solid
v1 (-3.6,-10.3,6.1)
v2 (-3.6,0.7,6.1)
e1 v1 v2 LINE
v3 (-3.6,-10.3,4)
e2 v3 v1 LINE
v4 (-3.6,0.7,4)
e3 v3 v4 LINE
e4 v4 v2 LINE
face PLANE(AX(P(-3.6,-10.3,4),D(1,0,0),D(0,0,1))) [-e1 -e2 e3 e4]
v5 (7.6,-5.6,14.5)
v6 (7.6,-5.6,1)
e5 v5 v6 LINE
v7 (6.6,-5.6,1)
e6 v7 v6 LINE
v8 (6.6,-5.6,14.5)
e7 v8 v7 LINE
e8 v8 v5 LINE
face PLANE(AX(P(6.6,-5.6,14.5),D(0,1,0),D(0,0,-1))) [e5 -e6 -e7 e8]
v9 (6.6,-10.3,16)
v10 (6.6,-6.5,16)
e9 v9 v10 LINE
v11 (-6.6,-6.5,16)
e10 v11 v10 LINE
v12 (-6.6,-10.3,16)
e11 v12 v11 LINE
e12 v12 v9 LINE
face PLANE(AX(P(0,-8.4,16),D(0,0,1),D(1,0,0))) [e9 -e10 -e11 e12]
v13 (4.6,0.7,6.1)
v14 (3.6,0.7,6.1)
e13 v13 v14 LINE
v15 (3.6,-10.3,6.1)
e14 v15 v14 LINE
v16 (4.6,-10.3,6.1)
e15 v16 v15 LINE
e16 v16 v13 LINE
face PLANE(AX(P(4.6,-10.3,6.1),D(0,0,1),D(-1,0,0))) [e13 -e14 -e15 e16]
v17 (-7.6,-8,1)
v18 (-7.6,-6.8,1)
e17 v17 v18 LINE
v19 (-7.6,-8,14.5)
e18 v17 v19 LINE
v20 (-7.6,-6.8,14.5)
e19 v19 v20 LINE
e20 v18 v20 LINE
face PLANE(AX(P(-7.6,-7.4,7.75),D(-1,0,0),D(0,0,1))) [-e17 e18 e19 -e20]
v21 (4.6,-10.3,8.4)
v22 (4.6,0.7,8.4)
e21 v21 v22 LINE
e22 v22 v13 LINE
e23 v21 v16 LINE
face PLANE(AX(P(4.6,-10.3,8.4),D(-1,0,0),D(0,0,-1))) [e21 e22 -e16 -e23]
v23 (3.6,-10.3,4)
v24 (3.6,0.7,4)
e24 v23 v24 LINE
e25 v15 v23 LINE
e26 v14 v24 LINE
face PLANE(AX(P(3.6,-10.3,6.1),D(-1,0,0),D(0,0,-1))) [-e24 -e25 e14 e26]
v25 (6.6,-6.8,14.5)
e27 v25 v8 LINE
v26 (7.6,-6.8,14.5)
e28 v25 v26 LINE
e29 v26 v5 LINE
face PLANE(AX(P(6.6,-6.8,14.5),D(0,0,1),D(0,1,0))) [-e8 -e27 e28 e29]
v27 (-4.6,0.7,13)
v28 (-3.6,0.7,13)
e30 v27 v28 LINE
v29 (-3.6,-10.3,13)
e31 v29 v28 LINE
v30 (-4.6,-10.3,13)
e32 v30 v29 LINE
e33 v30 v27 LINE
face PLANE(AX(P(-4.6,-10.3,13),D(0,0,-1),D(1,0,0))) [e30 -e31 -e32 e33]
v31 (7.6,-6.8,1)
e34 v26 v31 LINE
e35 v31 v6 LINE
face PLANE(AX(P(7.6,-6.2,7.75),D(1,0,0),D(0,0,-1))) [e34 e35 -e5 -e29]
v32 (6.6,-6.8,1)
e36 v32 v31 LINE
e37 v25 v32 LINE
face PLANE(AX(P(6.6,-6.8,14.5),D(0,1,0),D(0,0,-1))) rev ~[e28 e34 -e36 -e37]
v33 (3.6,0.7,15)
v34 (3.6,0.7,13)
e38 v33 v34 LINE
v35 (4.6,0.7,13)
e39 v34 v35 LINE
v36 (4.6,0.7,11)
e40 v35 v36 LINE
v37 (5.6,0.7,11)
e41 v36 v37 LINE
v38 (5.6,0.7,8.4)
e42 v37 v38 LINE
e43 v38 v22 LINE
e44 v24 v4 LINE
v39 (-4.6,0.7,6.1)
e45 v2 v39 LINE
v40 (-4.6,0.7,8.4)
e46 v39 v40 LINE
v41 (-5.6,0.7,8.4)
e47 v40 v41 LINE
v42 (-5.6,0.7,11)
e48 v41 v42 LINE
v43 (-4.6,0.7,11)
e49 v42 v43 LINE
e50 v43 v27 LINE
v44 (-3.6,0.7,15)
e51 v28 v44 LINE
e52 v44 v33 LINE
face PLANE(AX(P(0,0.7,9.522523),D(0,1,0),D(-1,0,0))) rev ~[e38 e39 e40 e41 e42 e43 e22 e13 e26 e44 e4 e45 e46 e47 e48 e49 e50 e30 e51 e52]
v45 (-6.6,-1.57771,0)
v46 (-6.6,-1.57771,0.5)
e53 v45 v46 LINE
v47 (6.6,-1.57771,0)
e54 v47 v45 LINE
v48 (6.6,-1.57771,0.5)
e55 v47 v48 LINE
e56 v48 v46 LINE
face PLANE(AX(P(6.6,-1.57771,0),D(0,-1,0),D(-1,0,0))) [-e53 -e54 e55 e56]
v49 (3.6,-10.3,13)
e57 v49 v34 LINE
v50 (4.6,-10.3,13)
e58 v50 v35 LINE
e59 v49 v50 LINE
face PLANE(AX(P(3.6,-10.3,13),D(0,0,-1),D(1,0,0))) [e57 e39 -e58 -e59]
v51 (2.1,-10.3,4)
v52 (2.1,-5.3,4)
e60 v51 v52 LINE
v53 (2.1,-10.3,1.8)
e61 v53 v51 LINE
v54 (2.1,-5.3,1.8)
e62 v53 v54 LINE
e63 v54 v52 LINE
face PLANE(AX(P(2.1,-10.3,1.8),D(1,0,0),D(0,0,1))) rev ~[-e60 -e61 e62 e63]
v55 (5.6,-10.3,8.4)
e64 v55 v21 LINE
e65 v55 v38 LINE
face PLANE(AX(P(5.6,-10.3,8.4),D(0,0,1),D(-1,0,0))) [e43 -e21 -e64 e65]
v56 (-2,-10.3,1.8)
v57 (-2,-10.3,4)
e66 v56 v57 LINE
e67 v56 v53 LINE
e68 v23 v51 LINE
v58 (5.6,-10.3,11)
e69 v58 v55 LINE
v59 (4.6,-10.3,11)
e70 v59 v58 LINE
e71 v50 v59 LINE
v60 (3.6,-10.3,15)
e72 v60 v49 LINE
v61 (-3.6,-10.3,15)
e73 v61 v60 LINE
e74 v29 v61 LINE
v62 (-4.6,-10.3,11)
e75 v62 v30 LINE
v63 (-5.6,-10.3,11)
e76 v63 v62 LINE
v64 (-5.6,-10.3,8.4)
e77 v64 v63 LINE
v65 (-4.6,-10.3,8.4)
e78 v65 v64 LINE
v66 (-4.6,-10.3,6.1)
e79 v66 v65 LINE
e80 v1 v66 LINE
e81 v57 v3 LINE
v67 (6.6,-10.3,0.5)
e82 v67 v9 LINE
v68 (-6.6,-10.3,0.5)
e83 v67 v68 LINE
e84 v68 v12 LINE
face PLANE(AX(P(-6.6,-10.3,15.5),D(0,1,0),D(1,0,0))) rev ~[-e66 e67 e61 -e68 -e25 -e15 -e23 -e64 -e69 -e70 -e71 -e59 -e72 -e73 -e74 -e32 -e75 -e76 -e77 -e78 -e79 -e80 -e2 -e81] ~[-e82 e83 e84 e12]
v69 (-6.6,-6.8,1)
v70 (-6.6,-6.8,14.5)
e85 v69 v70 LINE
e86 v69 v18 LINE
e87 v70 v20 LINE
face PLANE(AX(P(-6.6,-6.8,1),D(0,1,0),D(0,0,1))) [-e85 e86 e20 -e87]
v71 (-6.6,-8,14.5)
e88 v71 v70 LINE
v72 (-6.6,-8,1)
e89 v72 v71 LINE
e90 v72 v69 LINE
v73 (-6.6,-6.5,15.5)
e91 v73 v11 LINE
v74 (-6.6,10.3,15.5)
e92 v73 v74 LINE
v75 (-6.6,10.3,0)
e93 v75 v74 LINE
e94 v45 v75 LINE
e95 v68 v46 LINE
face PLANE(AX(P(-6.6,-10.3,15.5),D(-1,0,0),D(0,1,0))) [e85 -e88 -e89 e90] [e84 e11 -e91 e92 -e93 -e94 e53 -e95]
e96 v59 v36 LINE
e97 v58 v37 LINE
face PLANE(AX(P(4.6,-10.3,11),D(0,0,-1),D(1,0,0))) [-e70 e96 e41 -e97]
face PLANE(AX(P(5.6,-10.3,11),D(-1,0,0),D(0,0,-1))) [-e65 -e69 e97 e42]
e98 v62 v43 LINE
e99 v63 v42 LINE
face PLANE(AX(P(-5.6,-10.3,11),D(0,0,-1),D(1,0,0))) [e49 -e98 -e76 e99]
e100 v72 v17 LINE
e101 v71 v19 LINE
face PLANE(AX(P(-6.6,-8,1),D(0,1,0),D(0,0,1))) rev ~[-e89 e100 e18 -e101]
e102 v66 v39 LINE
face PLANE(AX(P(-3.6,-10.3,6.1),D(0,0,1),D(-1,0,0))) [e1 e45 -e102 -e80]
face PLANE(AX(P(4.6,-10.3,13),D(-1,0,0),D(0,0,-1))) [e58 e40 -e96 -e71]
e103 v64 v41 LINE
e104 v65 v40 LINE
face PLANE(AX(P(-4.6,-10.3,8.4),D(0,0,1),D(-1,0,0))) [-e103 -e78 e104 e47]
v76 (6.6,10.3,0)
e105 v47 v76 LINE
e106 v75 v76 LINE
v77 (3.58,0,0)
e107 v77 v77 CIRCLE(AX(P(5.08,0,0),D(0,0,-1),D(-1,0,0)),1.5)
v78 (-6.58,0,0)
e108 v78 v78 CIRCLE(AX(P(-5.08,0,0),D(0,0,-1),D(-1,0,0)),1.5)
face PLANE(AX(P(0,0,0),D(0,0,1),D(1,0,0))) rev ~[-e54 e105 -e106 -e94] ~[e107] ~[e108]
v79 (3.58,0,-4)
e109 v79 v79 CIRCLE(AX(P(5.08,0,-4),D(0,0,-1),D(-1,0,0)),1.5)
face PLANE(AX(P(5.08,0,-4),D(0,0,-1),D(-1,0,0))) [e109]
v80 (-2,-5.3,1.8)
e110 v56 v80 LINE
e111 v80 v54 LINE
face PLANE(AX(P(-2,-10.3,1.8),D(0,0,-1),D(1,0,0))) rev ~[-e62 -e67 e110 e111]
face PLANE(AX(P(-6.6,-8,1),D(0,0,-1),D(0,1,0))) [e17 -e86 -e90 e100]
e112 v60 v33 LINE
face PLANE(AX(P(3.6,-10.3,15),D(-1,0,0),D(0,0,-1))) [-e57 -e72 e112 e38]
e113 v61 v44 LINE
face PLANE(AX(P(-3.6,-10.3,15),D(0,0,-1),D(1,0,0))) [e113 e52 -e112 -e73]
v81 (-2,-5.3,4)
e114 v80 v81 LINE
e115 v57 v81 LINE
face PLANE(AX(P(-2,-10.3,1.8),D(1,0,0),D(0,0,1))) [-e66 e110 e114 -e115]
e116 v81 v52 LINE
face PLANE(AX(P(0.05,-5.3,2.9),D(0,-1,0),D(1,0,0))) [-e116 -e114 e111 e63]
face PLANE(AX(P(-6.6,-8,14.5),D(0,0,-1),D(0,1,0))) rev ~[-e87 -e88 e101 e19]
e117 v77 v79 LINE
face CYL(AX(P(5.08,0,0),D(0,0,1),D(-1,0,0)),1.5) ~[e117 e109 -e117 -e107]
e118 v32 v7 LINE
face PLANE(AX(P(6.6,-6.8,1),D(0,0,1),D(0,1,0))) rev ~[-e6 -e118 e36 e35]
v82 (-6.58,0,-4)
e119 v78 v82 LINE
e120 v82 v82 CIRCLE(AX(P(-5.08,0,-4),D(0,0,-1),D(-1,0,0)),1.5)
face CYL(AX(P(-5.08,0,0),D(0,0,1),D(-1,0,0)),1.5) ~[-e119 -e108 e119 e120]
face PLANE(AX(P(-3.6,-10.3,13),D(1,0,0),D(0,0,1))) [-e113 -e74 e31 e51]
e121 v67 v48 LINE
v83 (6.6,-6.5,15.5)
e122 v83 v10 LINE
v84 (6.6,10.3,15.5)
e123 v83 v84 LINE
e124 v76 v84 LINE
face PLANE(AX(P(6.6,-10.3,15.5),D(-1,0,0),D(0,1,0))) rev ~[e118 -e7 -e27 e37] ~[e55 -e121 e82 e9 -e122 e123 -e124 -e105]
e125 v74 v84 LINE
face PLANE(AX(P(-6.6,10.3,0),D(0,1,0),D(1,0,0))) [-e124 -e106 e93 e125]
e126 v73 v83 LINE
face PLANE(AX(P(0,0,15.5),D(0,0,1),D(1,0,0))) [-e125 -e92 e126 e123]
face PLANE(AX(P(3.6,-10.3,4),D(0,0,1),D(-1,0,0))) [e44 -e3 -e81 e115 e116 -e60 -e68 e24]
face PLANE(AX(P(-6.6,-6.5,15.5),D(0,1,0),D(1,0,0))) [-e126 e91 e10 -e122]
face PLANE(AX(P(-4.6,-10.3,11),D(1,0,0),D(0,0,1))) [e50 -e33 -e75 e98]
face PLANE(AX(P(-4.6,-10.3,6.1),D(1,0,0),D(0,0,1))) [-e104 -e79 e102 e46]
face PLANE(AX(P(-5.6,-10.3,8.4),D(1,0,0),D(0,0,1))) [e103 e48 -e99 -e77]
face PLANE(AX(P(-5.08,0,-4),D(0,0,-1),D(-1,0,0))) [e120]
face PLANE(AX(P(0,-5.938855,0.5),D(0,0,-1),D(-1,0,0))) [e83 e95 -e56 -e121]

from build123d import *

# Parameters (mm, degrees)
SKETCH1_W           = 13.2
SKETCH1_H           = 20.6
BOSS_EXTRUDE1_DEPTH = 15.5
SKETCH2_R           = 1.5
BOSS_EXTRUDE2_DEPTH = 4
SKETCH3_W           = 13.2
SKETCH3_H           = 3.8
BOSS_EXTRUDE3_DEPTH = 0.5
CUT_EXTRUDE1_DEPTH  = 11
SKETCH5_W           = 4.1
SKETCH5_H           = 2.2
CUT_EXTRUDE2_DEPTH  = 5
SKETCH6_W           = 13.5
SKETCH6_H           = 1.2
BOSS_EXTRUDE5_DEPTH = 1
SKETCH7_W           = 13.5
SKETCH7_H           = 1.2
BOSS_EXTRUDE6_DEPTH = 1
SKETCH8_W           = 13.2
SKETCH8_H           = 8.722289783
CUT_EXTRUDE3_DEPTH  = 0.5


with BuildPart() as part:
    # Sketch1 → Boss-Extrude1 (new body)
    with BuildSketch(Plane.XY):
        Rectangle(SKETCH1_W, SKETCH1_H)
    extrude(amount=BOSS_EXTRUDE1_DEPTH)

    # Sketch2 → Boss-Extrude2 (add)
    with BuildSketch(Plane(origin=(0, 0, 0), x_dir=(-1, 0, 0), z_dir=(0, 0, -1))):
        with Locations((5.08, 0)):
            Circle(SKETCH2_R)
        with Locations((-5.08, 0)):
            Circle(SKETCH2_R)
    extrude(amount=BOSS_EXTRUDE2_DEPTH)

    # Sketch3 → Boss-Extrude3 (add)
    with BuildSketch(Plane.XY.offset(15.5)):
        with Locations((0, -8.4)):
            Rectangle(SKETCH3_W, SKETCH3_H)
    extrude(amount=BOSS_EXTRUDE3_DEPTH)

    # Sketch4 → Cut-Extrude1 (cut)
    with BuildSketch(Plane.XZ.offset(10.3)):
        Polygon((-3.6, 15), (3.6, 15), (3.6, 13), (4.6, 13), (4.6, 11), (5.6, 11), (5.6, 8.4), (4.6, 8.4), (4.6, 6.1), (3.6, 6.1), (3.6, 4), (-3.6, 4), (-3.6, 6.1), (-4.6, 6.1), (-4.6, 8.4), (-5.6, 8.4), (-5.6, 11), (-4.6, 11), (-4.6, 13), (-3.6, 13), align=None)
    extrude(amount=-CUT_EXTRUDE1_DEPTH, mode=Mode.SUBTRACT)

    # Sketch5 → Cut-Extrude2 (cut)
    with BuildSketch(Plane.XZ.offset(10.3)):
        with Locations((0.05, 2.9)):
            Rectangle(SKETCH5_W, SKETCH5_H)
    extrude(amount=-CUT_EXTRUDE2_DEPTH, mode=Mode.SUBTRACT)

    # Sketch6 → Boss-Extrude5 (add)
    with BuildSketch(Plane.ZY.offset(6.6)):
        with Locations((7.75, -7.4)):
            Rectangle(SKETCH6_W, SKETCH6_H)
    extrude(amount=BOSS_EXTRUDE5_DEPTH)

    # Sketch7 → Boss-Extrude6 (add)
    with BuildSketch(Plane(origin=(6.6, 0, 0), x_dir=(0, 0, -1), z_dir=(1, 0, 0))):
        with Locations((-7.75, -6.2)):
            Rectangle(SKETCH7_W, SKETCH7_H)
    extrude(amount=BOSS_EXTRUDE6_DEPTH)

    # Sketch8 → Cut-Extrude3 (cut)
    with BuildSketch(Plane(origin=(0, 0, 0), x_dir=(-1, 0, 0), z_dir=(0, 0, -1))):
        with Locations((0, -5.938855109)):
            Rectangle(SKETCH8_W, SKETCH8_H)
    extrude(amount=-CUT_EXTRUDE3_DEPTH, mode=Mode.SUBTRACT)


solid = part.part
